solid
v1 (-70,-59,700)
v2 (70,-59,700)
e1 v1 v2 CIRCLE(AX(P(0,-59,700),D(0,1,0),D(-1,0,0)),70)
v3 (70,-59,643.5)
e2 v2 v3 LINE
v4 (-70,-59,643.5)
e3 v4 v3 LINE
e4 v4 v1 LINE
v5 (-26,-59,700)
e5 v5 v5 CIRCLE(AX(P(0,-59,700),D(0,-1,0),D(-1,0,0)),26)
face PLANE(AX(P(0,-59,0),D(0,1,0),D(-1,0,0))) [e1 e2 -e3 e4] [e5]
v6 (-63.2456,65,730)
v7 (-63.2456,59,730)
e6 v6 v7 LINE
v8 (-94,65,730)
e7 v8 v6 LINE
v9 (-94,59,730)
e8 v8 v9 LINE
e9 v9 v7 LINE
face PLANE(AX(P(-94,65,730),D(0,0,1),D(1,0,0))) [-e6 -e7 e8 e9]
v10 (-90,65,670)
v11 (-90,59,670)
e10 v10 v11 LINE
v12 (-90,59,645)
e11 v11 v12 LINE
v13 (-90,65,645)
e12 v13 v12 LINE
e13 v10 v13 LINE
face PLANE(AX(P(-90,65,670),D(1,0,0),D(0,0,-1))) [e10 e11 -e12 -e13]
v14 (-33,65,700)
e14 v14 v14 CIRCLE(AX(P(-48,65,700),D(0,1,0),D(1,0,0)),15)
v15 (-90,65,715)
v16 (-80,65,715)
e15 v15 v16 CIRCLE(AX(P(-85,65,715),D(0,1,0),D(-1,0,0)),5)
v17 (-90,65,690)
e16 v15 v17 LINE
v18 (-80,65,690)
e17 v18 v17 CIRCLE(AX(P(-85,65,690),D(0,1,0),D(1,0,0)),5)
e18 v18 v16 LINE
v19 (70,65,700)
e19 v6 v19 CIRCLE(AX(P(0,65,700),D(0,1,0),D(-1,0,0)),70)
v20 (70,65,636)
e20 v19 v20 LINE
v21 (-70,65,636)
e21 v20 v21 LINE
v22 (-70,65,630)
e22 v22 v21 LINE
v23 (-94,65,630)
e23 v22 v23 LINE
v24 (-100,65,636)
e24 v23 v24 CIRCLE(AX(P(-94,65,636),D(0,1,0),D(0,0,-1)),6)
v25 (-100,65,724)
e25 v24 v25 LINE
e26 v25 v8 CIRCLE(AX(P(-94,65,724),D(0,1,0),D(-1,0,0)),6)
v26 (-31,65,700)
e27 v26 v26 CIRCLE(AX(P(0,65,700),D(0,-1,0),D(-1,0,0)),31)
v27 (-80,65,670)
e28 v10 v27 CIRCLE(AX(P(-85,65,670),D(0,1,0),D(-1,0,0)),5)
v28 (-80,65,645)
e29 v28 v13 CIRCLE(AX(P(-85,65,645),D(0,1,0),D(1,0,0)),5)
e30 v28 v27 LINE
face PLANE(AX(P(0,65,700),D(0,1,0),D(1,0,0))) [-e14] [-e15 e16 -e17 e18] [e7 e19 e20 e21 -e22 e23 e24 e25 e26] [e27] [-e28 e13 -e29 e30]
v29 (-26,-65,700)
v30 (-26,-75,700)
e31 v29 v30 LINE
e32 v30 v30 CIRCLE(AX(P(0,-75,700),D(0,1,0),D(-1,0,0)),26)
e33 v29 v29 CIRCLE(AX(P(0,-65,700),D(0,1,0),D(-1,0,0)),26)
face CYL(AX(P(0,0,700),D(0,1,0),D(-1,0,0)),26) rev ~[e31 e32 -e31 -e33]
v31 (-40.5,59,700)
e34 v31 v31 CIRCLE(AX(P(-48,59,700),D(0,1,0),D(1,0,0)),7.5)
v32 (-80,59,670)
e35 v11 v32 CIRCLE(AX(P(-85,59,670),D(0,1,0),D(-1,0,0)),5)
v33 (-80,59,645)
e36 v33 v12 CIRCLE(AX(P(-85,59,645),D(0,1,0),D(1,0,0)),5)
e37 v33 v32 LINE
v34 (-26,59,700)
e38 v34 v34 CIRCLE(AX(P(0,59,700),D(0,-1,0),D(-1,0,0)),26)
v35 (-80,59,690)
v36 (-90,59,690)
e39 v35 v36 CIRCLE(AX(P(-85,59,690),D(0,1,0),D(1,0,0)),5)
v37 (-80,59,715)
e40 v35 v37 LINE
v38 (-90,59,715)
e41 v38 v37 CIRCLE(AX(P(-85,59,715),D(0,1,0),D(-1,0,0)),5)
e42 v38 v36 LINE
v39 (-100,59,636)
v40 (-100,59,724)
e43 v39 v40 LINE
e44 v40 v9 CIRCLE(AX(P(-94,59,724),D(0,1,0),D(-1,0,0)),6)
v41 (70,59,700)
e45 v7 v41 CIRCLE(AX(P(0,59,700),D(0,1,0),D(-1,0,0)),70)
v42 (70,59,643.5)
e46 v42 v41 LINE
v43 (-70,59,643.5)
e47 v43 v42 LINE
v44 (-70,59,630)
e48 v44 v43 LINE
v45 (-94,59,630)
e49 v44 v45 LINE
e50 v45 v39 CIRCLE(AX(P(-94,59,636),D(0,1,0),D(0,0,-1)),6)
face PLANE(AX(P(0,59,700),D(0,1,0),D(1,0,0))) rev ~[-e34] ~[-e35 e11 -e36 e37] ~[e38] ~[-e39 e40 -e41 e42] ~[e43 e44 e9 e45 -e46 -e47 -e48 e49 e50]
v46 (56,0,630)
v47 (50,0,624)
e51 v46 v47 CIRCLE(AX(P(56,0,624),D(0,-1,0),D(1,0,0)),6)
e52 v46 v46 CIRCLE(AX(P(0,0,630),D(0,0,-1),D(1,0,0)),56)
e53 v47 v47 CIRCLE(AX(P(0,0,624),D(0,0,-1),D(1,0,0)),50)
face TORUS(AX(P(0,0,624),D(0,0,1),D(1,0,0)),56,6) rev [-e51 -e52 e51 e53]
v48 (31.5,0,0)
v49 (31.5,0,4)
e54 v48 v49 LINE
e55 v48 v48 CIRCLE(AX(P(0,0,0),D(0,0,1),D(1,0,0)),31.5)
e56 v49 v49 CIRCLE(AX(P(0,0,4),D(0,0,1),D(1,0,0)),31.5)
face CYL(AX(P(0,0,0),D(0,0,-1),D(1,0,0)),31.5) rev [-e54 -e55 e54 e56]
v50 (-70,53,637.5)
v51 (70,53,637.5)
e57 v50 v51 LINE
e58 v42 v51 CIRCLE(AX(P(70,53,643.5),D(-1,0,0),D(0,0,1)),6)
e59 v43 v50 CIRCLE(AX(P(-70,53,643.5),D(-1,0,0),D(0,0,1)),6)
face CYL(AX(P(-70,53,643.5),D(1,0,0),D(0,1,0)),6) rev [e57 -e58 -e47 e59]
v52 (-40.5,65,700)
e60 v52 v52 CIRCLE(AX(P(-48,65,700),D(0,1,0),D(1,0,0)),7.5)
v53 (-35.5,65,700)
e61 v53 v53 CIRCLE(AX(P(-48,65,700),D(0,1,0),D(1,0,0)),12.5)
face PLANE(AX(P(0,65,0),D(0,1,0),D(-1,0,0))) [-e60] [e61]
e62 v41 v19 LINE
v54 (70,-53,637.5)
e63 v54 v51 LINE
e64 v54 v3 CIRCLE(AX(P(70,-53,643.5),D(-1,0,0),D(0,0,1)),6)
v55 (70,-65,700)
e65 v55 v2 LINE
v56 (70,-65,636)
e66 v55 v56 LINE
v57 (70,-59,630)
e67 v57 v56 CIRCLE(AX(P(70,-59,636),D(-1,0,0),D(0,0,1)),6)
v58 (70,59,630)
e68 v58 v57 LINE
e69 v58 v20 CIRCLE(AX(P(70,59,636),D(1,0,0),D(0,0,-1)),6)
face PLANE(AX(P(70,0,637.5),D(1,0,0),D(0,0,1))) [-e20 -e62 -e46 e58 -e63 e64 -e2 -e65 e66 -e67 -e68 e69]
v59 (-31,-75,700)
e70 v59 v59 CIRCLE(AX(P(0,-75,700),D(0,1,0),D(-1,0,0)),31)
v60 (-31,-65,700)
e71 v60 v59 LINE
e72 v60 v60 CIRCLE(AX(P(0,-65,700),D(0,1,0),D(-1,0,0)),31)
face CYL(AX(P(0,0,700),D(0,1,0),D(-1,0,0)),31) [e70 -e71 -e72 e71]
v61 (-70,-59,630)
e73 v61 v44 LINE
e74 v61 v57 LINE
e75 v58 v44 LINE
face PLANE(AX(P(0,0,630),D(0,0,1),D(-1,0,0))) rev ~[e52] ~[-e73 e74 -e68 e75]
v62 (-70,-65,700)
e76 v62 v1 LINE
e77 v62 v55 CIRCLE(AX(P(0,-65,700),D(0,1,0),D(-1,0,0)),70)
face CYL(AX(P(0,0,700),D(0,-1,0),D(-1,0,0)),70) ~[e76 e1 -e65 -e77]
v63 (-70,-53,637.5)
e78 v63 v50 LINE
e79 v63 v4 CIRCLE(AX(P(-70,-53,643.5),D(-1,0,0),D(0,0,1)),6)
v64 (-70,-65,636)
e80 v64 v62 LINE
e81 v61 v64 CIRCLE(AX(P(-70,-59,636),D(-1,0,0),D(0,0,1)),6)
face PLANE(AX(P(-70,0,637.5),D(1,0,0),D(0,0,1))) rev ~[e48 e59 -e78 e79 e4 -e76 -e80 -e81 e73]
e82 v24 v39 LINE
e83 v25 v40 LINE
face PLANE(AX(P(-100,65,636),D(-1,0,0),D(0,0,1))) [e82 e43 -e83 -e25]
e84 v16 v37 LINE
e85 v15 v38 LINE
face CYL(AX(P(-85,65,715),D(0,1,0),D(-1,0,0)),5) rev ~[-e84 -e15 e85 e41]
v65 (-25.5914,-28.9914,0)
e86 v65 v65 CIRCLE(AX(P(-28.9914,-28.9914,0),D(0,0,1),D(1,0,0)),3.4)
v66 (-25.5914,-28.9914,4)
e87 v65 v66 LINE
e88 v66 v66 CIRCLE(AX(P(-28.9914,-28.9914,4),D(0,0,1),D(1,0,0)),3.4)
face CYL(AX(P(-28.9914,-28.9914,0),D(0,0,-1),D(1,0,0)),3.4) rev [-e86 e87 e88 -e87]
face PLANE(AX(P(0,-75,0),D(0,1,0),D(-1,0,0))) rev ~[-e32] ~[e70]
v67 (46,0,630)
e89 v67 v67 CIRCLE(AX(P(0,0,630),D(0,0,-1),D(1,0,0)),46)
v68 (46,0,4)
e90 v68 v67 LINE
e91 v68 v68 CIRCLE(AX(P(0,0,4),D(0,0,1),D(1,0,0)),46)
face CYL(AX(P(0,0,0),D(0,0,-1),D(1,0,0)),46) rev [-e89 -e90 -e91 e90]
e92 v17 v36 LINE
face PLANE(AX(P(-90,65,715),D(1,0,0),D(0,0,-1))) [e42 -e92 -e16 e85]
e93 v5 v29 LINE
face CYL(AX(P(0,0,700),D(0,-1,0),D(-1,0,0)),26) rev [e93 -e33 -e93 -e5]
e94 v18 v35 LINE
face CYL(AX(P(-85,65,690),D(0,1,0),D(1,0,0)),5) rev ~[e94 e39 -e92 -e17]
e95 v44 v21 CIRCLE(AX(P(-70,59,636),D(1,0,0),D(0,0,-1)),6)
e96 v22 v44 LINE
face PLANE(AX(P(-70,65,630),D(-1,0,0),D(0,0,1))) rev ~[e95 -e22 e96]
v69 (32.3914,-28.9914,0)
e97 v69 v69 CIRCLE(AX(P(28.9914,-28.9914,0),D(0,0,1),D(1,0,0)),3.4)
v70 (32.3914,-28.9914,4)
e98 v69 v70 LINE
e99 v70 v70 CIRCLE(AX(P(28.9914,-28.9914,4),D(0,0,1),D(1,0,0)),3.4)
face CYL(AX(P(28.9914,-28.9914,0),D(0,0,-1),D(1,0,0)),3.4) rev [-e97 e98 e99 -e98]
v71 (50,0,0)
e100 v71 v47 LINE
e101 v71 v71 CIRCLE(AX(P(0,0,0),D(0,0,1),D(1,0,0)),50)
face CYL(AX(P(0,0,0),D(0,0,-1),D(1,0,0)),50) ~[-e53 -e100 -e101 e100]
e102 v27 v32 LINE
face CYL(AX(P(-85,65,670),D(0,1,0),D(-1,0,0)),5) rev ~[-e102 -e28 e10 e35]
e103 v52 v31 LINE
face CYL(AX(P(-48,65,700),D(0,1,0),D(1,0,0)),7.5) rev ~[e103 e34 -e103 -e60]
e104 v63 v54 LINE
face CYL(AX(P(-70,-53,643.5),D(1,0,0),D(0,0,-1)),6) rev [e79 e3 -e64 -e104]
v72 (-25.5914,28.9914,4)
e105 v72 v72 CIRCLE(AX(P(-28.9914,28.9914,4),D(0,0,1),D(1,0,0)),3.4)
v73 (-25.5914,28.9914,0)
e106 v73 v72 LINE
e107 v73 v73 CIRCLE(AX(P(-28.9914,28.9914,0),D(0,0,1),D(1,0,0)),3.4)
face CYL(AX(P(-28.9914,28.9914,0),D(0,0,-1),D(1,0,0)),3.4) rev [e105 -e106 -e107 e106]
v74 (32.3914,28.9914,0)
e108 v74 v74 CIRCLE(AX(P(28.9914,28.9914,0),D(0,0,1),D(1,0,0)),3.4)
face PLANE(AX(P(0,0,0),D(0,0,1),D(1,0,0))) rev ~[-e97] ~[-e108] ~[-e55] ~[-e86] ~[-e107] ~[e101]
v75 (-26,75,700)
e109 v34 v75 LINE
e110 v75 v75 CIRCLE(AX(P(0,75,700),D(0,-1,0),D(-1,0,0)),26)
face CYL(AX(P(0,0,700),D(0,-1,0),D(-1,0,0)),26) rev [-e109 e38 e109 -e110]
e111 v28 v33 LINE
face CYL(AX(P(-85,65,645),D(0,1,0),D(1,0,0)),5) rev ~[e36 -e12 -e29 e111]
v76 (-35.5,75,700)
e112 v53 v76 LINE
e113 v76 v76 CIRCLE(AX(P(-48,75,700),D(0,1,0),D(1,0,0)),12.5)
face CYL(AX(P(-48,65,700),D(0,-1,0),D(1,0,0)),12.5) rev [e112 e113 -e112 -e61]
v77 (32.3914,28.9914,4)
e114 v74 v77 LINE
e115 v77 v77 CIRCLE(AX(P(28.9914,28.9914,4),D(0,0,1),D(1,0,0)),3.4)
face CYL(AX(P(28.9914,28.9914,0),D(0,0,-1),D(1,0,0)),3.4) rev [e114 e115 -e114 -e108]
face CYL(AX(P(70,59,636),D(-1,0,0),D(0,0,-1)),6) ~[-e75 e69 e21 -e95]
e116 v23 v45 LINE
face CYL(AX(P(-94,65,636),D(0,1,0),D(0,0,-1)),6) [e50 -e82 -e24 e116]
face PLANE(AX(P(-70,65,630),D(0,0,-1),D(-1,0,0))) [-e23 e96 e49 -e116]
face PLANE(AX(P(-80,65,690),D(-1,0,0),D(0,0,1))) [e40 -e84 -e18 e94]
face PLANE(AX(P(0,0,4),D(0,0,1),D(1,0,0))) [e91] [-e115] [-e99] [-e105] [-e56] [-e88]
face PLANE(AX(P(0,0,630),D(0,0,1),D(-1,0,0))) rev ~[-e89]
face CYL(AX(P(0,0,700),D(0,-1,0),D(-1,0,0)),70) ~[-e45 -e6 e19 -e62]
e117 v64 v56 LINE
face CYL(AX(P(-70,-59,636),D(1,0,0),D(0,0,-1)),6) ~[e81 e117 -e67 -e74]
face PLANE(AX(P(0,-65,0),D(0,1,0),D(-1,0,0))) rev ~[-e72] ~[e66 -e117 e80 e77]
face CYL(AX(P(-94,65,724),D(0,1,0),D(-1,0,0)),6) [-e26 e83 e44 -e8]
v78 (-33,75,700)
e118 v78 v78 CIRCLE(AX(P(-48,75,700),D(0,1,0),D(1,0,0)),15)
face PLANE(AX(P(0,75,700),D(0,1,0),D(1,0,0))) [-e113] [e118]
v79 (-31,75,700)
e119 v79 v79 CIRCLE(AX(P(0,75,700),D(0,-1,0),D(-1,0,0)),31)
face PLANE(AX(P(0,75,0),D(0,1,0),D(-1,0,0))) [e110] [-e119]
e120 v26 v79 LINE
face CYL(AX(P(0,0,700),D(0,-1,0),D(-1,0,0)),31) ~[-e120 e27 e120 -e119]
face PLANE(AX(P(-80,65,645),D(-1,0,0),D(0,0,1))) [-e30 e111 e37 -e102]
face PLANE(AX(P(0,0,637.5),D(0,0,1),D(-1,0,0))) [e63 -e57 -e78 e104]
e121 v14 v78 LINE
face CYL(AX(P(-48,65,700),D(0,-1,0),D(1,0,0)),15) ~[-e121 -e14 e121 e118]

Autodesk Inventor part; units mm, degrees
ref_plane "YZ Plane" through (0, 0, 0) normal (1, 0, 0) x (0, 1, 0)
ref_plane "XZ Plane" through (0, 0, 0) normal (0, 1, 0) x (-1, 0, 0)
ref_plane "XY Plane" through (0, 0, 0) normal (0, 0, 1) x (1, 0, 0)
sketch "Szkic1" plane through (0, 0, 0) normal (0, 0, 1) x (1, 0, 0)
  circle A0 centre (0, 0) radius 50
  circle A1 centre (0, 0) radius 46
  circle A2 centre (0, 0) radius 31.5
  circle A3 centre (-28.9914, 28.9914) radius 3.4
  circle A4 centre (-28.9914, -28.9914) radius 3.4
  circle A5 centre (28.9914, 28.9914) radius 3.4
  circle A6 centre (28.9914, -28.9914) radius 3.4
  dimension "d0" = 100
  dimension "d1" = 92
  dimension "d2" = 63
  dimension "d4" = 6.8
  dimension "d5" = 6.8
  dimension "d6" = 6.8
  dimension "d7" = 6.8
extrude "Wyciągnięcie proste1" add sketch "Szkic1" along normal blind 4 contours A1
extrude "Wyciągnięcie proste2" add sketch "Szkic1" along normal blind 700 contours A0
sketch "Szkic5" plane through (0, 0, 0) normal (0, 1, 0) x (-1, 0, 0)
  line L0 (50, 700) -> (-50, 700) projected
  arc A0 (70, 700) -> (-70, 700) centre (0, 700) ccw
  circle A1 centre (0, 700) radius 26
  circle A2 centre (0, 700) radius 31
  line L1 (0, 630) -> (70, 630)
  line L2 (70, 630) -> (70, 700)
  line L3 (0, 630) -> (-70, 630)
  line L4 (-70, 630) -> (-70, 700)
  line L5 (0, 637.5) -> (70, 637.5)
  line L6 (0, 637.5) -> (-70, 637.5)
  point P0 (0, 0)
  point P1 (26, 700)
  point P2 (-26, 700)
  dimension "d28" = 140
  dimension "d29" = 52
  dimension "d35" = 62
extrude "Wyciągnięcie proste7" add sketch "Szkic5" along normal mid plane 130 contours A2 L0 A1 | L0 A1 A2 | A1 L0 | L0 A1 | L2 L5 L6 L4 A0 | L2 L1 L3 L4 L6 L5
extrude "Wyciągnięcie proste8" cut sketch "Szkic5" along normal mid plane 130 contours A1 L0 | L0 A1
extrude "Wyciągnięcie proste9" add sketch "Szkic5" along normal mid plane 150 contours A2 L0 A1 | L0 A1 A2
extrude "Wyciągnięcie proste10" cut sketch "Szkic5" along normal mid plane 118 contours A2 L0 A1 | L0 A1 A2 | A1 L0 | L0 A1 | L2 L5 L6 L4 A0 | L2 L1 L3 L4 L6 L5
sketch "Szkic7" plane through (0, 65, 700) normal (0, 1, 0) x (1, 0, 0)
  circle A0 centre (-48, 0) radius 7.5
  circle A1 centre (-48, 0) radius 12.5
  circle A2 centre (-48, 0) radius 15
  line L0 (-70, 70) -> (-70, 0) projected
  line L1 (-70, 70) -> (-94, 70)
  line L2 (-100, 64) -> (-100, -24)
  arc A3 (-70, 0) -> (70, 0) centre (0, 0) ccw projected
  line L3 (-94, -30) -> (-63.2456, -30)
  arc A4 (-100, -24) -> (-94, -30) centre (-94, -24) ccw
  arc A5 (-94, 70) -> (-100, 64) centre (-94, 64) ccw
  arc A6 (-80, 55) -> (-90, 55) centre (-85, 55) ccw
  arc A7 (-90, -15) -> (-80, -15) centre (-85, -15) ccw
  arc A8 (-90, 30) -> (-80, 30) centre (-85, 30) ccw
  arc A9 (-80, 10) -> (-90, 10) centre (-85, 10) ccw
  line L4 (-80, 10) -> (-80, -15)
  line L5 (-90, -15) -> (-90, 10)
  line L6 (-80, 55) -> (-80, 30)
  line L7 (-90, 30) -> (-90, 55)
  point P0 (0, 700)
  point P1 (-100, 70)
  point P2 (-100, -30)
  dimension "d46" = 15
  dimension "d47" = 25
  dimension "d48" = 30
  dimension "d57" = 30
  dimension "d58" = 100
  dimension "d59" = 6
  dimension "d60" = 6
  dimension "d62" = 10
  dimension "d63" = 10
  dimension "d64" = 10
  dimension "d66" = 10
  dimension "d67" = 25
extrude "Wyciągnięcie proste13" add sketch "Szkic7" along normal blind 10 contours A2
extrude "Wyciągnięcie proste14" cut sketch "Szkic7" against normal blind 6 contours A0
extrude "Wyciągnięcie proste15" add sketch "Szkic5" along normal mid plane 130 contours L2 L1 L3 L4 L6 L5
fillet "Zaokrąglenie1" radius 6 4 edges at (0, 65, 630) (0, -65, 630) (0, 59, 637.5) (0, -59, 637.5)
fillet "Zaokrąglenie2" radius 6 1 edges at (-50, 0, 630)
extrude "Wyciągnięcie proste16" add sketch "Szkic7" against normal blind 6 contours L0 A3 L3 A4 L2 A5 L1
thread "Gwint1" size "M8x1.25" class "6H" standard "ANSI Metric M Profile" full length
thread "Gwint2" size "M7x1" class "6H" standard "ANSI Metric M Profile" full length
thread "Gwint3" size "M8x1.25" class "6H" standard "ANSI Metric M Profile" full length
thread "Gwint4" size "M8x1.25" class "6H" standard "ANSI Metric M Profile" full length
thread "Gwint5" size "M8x1.25" class "6H" standard "ANSI Metric M Profile" full length
properties part number "czlon_1" material "CFRP — polimer wzmocniony włóknem szklanym"
